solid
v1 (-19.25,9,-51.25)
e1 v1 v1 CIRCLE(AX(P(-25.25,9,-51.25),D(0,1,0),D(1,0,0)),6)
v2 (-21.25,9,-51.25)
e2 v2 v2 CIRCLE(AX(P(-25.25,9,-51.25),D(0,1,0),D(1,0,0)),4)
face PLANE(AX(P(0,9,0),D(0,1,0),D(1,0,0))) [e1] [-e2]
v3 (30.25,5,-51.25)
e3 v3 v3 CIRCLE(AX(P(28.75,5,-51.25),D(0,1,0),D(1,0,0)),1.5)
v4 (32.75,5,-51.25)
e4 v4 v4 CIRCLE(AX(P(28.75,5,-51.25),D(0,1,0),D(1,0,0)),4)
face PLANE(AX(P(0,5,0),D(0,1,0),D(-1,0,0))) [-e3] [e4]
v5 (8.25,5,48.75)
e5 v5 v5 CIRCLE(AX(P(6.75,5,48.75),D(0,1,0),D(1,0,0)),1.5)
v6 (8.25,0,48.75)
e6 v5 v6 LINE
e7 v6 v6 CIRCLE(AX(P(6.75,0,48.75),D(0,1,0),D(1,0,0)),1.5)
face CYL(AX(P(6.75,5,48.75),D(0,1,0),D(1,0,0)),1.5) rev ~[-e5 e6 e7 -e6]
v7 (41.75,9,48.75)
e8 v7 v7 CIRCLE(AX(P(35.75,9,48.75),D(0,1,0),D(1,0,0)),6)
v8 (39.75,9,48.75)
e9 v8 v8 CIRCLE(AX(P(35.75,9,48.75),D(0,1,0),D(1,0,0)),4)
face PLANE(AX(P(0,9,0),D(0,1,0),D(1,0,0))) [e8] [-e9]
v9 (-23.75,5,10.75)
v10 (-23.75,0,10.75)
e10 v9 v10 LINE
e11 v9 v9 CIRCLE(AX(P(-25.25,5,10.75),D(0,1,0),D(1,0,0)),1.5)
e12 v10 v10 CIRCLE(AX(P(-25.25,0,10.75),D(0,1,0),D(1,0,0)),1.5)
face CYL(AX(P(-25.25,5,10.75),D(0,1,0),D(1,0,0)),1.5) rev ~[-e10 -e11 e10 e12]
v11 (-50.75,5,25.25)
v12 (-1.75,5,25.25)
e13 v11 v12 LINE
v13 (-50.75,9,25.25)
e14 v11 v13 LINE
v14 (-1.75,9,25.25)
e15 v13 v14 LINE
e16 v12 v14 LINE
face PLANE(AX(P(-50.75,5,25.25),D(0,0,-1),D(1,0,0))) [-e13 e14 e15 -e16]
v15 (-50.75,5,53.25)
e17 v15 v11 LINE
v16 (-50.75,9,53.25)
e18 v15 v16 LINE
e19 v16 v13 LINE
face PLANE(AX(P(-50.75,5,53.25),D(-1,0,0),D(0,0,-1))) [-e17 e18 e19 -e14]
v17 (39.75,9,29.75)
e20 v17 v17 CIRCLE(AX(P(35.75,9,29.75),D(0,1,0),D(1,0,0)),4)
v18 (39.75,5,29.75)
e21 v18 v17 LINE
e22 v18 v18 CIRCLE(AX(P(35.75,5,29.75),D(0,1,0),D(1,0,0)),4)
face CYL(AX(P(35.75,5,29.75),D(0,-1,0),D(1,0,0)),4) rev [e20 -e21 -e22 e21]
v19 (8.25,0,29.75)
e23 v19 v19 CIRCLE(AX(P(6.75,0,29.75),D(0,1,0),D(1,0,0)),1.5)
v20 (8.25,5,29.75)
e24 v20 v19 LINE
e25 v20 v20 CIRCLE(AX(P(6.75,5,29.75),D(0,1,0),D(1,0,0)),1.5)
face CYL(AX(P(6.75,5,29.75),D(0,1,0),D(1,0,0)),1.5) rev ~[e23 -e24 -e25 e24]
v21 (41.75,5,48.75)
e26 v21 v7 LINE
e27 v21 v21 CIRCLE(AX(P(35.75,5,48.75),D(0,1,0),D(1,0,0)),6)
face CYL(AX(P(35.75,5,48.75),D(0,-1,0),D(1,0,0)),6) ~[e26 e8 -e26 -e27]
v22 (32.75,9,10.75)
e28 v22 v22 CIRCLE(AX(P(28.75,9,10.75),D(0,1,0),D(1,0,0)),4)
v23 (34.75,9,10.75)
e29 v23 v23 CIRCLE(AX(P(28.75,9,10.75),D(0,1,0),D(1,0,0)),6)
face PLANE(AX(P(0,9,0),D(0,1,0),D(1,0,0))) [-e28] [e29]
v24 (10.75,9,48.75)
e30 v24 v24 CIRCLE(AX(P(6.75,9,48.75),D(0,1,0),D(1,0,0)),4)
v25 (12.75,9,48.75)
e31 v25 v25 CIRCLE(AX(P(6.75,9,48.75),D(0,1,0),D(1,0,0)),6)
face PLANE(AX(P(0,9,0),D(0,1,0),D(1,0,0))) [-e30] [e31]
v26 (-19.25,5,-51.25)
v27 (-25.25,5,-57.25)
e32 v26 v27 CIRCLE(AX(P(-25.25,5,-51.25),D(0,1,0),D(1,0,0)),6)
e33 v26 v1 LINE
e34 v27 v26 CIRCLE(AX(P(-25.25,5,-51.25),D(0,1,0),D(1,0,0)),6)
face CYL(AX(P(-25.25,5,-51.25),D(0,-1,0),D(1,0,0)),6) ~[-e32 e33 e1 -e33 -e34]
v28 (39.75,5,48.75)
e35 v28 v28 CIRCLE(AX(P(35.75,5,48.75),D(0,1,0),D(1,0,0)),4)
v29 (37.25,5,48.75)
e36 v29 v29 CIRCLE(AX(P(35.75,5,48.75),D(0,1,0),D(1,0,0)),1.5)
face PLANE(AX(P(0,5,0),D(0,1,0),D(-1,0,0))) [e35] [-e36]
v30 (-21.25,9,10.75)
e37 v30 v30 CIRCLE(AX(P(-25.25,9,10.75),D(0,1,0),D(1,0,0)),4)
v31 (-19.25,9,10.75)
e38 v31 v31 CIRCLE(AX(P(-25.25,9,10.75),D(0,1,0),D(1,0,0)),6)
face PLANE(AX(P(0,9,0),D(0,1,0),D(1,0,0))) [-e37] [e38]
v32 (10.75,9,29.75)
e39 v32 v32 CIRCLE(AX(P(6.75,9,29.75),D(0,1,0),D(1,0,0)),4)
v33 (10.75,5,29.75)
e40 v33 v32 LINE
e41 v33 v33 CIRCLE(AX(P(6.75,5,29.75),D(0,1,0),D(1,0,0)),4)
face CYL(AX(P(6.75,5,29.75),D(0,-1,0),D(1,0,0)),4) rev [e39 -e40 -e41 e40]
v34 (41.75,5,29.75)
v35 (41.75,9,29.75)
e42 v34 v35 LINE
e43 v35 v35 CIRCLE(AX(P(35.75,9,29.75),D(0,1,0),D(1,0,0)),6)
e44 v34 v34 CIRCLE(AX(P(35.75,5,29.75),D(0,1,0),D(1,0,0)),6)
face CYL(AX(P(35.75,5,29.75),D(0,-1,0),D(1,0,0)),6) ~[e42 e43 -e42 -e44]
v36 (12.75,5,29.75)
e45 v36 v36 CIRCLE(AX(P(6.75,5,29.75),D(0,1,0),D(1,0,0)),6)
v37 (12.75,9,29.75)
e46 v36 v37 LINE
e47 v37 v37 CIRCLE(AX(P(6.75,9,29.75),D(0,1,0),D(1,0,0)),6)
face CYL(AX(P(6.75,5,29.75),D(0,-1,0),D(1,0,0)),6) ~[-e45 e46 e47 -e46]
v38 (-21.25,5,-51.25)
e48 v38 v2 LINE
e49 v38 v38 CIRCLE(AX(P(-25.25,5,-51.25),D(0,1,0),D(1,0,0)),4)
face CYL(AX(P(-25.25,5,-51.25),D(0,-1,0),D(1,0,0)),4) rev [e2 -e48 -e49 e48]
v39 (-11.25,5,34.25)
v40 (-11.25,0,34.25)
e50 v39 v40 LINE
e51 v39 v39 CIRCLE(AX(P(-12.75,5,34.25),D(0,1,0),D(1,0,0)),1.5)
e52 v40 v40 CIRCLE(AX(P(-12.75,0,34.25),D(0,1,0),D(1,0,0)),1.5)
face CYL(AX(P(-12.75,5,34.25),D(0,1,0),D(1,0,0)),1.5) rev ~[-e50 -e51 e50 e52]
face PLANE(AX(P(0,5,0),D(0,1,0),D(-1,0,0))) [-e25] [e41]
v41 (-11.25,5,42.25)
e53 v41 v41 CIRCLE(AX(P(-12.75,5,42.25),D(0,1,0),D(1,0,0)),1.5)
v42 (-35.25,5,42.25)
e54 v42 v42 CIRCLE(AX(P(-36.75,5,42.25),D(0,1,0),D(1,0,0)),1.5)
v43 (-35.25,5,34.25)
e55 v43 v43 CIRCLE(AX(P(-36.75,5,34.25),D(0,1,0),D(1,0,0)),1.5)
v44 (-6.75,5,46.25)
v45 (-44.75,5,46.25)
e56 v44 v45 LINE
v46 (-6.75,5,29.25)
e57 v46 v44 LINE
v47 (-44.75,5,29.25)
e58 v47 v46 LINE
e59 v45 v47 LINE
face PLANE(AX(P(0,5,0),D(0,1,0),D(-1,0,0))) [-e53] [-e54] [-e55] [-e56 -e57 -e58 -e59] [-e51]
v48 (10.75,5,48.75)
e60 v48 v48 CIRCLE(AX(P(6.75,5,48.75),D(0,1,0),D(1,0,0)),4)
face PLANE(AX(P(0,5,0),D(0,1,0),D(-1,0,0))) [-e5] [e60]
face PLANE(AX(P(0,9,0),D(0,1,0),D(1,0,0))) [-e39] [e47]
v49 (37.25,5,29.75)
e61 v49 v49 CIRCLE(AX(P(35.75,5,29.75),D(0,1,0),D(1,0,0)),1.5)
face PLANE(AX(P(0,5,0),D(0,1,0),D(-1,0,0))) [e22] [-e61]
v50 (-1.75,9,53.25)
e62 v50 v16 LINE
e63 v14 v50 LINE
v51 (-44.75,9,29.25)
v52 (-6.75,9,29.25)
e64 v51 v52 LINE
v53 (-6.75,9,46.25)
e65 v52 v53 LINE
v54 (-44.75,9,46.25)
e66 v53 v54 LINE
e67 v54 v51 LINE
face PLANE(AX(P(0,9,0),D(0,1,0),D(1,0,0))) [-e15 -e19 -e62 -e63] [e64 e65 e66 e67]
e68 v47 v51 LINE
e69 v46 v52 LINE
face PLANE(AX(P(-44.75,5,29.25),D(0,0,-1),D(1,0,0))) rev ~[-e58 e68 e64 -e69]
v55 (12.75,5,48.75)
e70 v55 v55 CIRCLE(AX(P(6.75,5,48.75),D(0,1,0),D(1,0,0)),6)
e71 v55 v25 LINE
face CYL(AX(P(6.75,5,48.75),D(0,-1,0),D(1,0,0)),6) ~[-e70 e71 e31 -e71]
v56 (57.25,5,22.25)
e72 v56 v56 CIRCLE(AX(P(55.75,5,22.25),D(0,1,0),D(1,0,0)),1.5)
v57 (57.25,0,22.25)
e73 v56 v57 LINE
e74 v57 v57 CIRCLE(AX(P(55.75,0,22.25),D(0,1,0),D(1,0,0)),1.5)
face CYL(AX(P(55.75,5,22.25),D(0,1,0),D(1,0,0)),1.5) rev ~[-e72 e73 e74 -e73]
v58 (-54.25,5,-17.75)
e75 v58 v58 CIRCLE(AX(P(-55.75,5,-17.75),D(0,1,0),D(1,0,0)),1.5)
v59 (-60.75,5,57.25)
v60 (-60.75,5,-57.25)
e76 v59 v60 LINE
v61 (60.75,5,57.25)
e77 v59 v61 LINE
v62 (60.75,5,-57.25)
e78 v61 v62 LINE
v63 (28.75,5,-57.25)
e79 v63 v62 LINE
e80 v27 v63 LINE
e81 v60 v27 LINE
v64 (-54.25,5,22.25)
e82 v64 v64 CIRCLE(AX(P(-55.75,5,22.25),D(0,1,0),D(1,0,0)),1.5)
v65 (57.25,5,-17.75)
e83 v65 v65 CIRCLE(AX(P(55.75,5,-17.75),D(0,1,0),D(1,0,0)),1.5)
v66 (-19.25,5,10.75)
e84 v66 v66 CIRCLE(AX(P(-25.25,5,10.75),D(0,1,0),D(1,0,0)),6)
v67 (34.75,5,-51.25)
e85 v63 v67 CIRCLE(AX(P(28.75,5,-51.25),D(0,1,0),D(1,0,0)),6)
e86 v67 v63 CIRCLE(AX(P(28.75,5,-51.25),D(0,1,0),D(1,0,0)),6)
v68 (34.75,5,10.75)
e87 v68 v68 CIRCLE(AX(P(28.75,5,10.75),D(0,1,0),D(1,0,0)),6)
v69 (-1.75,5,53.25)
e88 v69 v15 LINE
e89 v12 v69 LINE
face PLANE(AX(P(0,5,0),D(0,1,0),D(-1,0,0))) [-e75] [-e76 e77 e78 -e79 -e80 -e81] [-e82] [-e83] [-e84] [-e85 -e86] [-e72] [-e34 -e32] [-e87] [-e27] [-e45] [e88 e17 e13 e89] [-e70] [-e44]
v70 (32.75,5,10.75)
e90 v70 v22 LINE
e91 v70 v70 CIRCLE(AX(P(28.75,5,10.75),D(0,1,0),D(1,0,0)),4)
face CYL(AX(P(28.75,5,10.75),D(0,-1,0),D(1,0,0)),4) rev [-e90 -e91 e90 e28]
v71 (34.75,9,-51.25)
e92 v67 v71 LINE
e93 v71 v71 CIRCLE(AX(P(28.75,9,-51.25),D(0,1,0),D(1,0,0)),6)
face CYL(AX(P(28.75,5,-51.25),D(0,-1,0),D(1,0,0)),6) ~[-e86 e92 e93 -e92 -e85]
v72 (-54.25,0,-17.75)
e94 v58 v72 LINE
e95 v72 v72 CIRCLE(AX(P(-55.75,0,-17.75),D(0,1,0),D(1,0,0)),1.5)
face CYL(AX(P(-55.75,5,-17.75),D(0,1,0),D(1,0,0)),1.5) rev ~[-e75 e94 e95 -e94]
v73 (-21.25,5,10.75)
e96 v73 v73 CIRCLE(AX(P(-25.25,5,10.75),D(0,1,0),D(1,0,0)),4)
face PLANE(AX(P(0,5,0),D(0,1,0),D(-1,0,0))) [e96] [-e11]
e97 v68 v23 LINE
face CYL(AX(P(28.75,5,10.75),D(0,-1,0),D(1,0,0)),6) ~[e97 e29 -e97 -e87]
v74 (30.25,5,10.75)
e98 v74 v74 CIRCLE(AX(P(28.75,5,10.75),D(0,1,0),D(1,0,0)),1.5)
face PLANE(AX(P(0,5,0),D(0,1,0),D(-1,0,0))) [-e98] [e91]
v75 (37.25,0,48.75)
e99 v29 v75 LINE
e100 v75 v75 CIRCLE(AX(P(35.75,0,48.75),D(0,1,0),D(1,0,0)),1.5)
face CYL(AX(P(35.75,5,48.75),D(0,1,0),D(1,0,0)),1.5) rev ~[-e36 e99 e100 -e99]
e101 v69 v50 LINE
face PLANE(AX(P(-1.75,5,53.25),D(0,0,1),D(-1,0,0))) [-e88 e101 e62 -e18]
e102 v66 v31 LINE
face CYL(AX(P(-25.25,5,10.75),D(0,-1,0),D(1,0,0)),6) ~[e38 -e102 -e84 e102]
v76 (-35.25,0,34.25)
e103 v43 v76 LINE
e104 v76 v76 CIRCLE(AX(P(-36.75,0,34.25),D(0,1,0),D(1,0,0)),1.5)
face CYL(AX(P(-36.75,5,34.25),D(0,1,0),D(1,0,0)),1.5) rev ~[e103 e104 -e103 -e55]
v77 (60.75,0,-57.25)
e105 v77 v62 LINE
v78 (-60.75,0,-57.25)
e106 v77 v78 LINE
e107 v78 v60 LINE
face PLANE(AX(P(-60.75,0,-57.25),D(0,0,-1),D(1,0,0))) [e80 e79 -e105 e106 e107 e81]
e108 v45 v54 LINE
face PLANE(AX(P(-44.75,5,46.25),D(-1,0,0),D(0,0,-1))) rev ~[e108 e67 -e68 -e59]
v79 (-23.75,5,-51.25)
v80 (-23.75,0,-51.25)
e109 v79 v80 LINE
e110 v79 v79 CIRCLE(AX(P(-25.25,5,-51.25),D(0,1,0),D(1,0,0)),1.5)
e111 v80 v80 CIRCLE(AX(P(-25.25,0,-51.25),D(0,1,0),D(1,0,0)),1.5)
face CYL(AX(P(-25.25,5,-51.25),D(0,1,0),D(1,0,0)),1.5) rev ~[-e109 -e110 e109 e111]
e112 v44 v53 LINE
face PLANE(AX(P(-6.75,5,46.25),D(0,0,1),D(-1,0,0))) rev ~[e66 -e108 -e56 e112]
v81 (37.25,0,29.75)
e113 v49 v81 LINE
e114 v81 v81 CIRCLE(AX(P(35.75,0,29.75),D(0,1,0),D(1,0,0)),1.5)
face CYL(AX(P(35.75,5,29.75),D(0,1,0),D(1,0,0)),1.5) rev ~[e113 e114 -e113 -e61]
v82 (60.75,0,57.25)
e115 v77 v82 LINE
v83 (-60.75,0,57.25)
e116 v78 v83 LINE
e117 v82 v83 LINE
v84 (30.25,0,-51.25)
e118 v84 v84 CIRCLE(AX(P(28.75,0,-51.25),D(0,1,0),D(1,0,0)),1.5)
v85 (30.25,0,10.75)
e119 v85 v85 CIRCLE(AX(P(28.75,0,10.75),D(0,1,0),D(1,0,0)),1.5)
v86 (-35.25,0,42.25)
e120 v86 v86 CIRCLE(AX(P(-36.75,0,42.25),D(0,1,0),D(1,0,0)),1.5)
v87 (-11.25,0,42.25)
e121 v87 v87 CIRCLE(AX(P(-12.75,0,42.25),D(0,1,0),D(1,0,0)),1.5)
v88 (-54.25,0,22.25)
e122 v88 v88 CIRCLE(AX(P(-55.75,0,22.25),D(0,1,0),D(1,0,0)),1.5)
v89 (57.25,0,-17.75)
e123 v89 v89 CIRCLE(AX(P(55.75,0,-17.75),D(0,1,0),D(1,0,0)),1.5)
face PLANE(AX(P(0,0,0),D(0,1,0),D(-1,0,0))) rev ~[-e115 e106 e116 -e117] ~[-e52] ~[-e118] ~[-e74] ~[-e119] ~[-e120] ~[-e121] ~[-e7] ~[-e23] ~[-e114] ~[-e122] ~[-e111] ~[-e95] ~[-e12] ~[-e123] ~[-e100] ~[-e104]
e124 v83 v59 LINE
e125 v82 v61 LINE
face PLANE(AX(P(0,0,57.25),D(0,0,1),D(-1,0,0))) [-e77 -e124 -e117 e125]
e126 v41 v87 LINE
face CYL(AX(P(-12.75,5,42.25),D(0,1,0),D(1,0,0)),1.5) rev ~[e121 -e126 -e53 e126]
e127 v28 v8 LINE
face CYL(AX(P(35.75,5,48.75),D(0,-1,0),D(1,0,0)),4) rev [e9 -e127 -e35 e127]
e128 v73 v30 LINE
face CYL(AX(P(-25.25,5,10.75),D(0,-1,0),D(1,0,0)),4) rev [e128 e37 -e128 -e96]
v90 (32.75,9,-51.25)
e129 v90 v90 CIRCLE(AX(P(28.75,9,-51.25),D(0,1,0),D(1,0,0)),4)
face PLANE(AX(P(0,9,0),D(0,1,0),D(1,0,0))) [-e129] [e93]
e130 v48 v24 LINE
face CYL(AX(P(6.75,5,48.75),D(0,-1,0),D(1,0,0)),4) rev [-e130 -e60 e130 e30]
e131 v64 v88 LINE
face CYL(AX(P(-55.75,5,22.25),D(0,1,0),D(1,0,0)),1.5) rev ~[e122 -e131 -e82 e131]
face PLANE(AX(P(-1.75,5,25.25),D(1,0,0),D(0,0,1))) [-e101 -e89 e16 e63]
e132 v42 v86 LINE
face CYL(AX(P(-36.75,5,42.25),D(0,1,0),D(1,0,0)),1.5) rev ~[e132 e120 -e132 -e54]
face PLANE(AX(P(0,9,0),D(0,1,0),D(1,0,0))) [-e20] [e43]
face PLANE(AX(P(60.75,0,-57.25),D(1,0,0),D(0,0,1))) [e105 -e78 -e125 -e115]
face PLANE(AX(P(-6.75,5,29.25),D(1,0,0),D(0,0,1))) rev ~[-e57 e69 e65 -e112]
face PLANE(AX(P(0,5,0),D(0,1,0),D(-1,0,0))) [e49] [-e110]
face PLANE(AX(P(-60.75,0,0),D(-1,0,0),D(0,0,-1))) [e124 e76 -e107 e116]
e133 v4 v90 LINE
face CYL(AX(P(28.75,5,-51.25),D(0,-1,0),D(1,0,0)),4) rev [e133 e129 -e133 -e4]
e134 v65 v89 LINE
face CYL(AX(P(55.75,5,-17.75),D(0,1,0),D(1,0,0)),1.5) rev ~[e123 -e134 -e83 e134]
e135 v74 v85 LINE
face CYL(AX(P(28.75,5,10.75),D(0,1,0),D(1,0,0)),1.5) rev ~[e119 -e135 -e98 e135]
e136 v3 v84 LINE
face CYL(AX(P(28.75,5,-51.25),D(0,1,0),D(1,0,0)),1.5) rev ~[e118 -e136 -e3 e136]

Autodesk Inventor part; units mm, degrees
ref_plane "YZ Plane" through (0, 0, 0) normal (1, 0, 0) x (0, 1, 0)
ref_plane "XZ Plane" through (0, 0, 0) normal (0, 1, 0) x (-1, 0, 0)
ref_plane "XY Plane" through (0, 0, 0) normal (0, 0, 1) x (1, 0, 0)
sketch "Sketch1" plane through (0, 0, 0) normal (0, 1, 0) x (-1, 0, 0)
  line L0 (60.75, -57.25) -> (-60.75, -57.25)
  line L1 (-60.75, -57.25) -> (-60.75, 57.25)
  line L2 (-60.75, 57.25) -> (60.75, 57.25)
  line L3 (60.75, 57.25) -> (60.75, -57.25)
  line L4 (0, -80.15) -> (0, 80.15) projected
  line L5 (-85.05, 0) -> (85.05, 0) projected
  dimension "d0" = 121.5
  dimension "d1" = 114.5
extrude "Extrusion1" add sketch "Sketch1" along normal blind 5
sketch "Sketch3" plane through (0, 5, 0) normal (0, 1, 0) x (1, 0, 0)
  circle A0 centre (-36.75, -34.25) radius 1.5
  line L0 (-60.75, 57.25) -> (-60.75, -57.25) projected
  circle A1 centre (-12.75, -34.25) radius 1.5
  circle A2 centre (-36.75, -42.25) radius 1.5
  circle A3 centre (-12.75, -42.25) radius 1.5
  line L1 (-60.75, -57.25) -> (60.75, -57.25) projected
  circle A4 centre (-55.75, -22.25) radius 1.5
  circle A5 centre (-55.75, 17.75) radius 1.5
  circle A6 centre (-25.25, 51.25) radius 1.5
  circle A7 centre (28.75, 51.25) radius 1.5
  circle A8 centre (55.75, 17.75) radius 1.5
  circle A9 centre (55.75, -22.25) radius 1.5
  line L2 (60.75, 57.25) -> (-60.75, 57.25) projected
  line L3 (60.75, -57.25) -> (60.75, 57.25) projected
  circle A10 centre (-25.25, -10.75) radius 1.5
  circle A11 centre (28.75, -10.75) radius 1.5
  circle A12 centre (6.75, -29.75) radius 1.5
  circle A13 centre (6.75, -48.75) radius 1.5
  circle A14 centre (35.75, -48.75) radius 1.5
  circle A15 centre (35.75, -29.75) radius 1.5
  point P0 (0, 0)
  dimension "d11" = 3
  dimension "d12" = 24
  dimension "d13" = 3
  dimension "d14" = 3
  dimension "d15" = 3
  dimension "d16" = 24
  dimension "d17" = 24
  dimension "d20" = 23
  dimension "d21" = 23
  dimension "d22" = 8
  dimension "d23" = 8
  dimension "d24" = 15
  dimension "d25" = 3
  dimension "d26" = 3
  dimension "d27" = 5
  dimension "d28" = 5
  dimension "d29" = 35
  dimension "d30" = 40
  dimension "d31" = 3
  dimension "d32" = 3
  dimension "d33" = 3
  dimension "d34" = 3
  dimension "d35" = 6
  dimension "d36" = 6
  dimension "d37" = 5
  dimension "d38" = 5
  dimension "d39" = 35
  dimension "d40" = 40
  dimension "d41" = 32
  dimension "d42" = 54
  dimension "d43" = 3
  dimension "d44" = 3
  dimension "d45" = 62
  dimension "d46" = 62
  dimension "d47" = 54
  dimension "d48" = 32
  dimension "d49" = 3
  dimension "d50" = 3
  dimension "d51" = 3
  dimension "d52" = 3
  dimension "d53" = 8.5
  dimension "d54" = 8.5
  dimension "d55" = 25
  dimension "d56" = 29
  dimension "d57" = 19
  dimension "d58" = 19
  dimension "d59" = 25
  dimension "d60" = 29
extrude "Extrusion2" cut sketch "Sketch3" against normal through all contours A0 | A1 | A2 | A3 | A4 | A5 | A6 | A7 | A8 | A9 | A10 | A11 | A12 | A13 | A14 | A15
sketch "Sketch4" plane through (0, 5, 0) normal (0, 1, 0) x (1, 0, 0)
  line L0 (-44.75, -29.25) -> (-6.75, -29.25)
  line L1 (-6.75, -29.25) -> (-6.75, -46.25)
  line L2 (-6.75, -46.25) -> (-44.75, -46.25)
  line L3 (-44.75, -46.25) -> (-44.75, -29.25)
  line L4 (-50.75, -25.25) -> (-1.75, -25.25)
  line L5 (-1.75, -25.25) -> (-1.75, -53.25)
  line L6 (-1.75, -53.25) -> (-50.75, -53.25)
  line L7 (-50.75, -53.25) -> (-50.75, -25.25)
  line L8 (-60.75, 57.25) -> (-60.75, -57.25) projected
  line L9 (-60.75, -57.25) -> (60.75, -57.25) projected
  circle A0 centre (6.75, -29.75) radius 1.5 projected
  circle A1 centre (6.75, -29.75) radius 4
  circle A2 centre (6.75, -29.75) radius 6
  circle A3 centre (6.75, -48.75) radius 1.5 projected
  circle A4 centre (6.75, -48.75) radius 4
  circle A5 centre (6.75, -48.75) radius 6
  circle A6 centre (35.75, -29.75) radius 1.5 projected
  circle A7 centre (35.75, -29.75) radius 4
  circle A8 centre (35.75, -29.75) radius 6
  circle A9 centre (35.75, -48.75) radius 1.5 projected
  circle A10 centre (35.75, -48.75) radius 4
  circle A11 centre (35.75, -48.75) radius 6
  circle A12 centre (28.75, -10.75) radius 1.5 projected
  circle A13 centre (28.75, -10.75) radius 4
  circle A14 centre (28.75, -10.75) radius 6
  circle A15 centre (-25.25, -10.75) radius 1.5 projected
  circle A16 centre (-25.25, -10.75) radius 4
  circle A17 centre (-25.25, -10.75) radius 6
  circle A18 centre (-25.25, 51.25) radius 1.5 projected
  circle A19 centre (-25.25, 51.25) radius 4
  circle A20 centre (-25.25, 51.25) radius 6
  circle A21 centre (28.75, 51.25) radius 1.5 projected
  circle A22 centre (28.75, 51.25) radius 4
  circle A23 centre (28.75, 51.25) radius 6
  point P0 (0, 0)
  dimension "d63" = 49
  dimension "d64" = 28
  dimension "d71" = 5
  dimension "d72" = 4
  dimension "d73" = 6
  dimension "d74" = 7
  dimension "d75" = 59
  dimension "d76" = 32
  dimension "d77" = 8
  dimension "d78" = 12
  dimension "d79" = 8
  dimension "d80" = 12
  dimension "d81" = 8
  dimension "d82" = 12
  dimension "d83" = 8
  dimension "d84" = 12
  dimension "d85" = 8
  dimension "d86" = 12
  dimension "d87" = 8
  dimension "d88" = 12
  dimension "d89" = 8
  dimension "d90" = 12
  dimension "d91" = 8
  dimension "d92" = 12
extrude "Extrusion3" add sketch "Sketch4" along normal blind 4 contours L4 L5 L6 L7 | A2 | A5 | A8 | A11 | A14 | A17 | A20 | A23
properties part number "circuirt_board"
